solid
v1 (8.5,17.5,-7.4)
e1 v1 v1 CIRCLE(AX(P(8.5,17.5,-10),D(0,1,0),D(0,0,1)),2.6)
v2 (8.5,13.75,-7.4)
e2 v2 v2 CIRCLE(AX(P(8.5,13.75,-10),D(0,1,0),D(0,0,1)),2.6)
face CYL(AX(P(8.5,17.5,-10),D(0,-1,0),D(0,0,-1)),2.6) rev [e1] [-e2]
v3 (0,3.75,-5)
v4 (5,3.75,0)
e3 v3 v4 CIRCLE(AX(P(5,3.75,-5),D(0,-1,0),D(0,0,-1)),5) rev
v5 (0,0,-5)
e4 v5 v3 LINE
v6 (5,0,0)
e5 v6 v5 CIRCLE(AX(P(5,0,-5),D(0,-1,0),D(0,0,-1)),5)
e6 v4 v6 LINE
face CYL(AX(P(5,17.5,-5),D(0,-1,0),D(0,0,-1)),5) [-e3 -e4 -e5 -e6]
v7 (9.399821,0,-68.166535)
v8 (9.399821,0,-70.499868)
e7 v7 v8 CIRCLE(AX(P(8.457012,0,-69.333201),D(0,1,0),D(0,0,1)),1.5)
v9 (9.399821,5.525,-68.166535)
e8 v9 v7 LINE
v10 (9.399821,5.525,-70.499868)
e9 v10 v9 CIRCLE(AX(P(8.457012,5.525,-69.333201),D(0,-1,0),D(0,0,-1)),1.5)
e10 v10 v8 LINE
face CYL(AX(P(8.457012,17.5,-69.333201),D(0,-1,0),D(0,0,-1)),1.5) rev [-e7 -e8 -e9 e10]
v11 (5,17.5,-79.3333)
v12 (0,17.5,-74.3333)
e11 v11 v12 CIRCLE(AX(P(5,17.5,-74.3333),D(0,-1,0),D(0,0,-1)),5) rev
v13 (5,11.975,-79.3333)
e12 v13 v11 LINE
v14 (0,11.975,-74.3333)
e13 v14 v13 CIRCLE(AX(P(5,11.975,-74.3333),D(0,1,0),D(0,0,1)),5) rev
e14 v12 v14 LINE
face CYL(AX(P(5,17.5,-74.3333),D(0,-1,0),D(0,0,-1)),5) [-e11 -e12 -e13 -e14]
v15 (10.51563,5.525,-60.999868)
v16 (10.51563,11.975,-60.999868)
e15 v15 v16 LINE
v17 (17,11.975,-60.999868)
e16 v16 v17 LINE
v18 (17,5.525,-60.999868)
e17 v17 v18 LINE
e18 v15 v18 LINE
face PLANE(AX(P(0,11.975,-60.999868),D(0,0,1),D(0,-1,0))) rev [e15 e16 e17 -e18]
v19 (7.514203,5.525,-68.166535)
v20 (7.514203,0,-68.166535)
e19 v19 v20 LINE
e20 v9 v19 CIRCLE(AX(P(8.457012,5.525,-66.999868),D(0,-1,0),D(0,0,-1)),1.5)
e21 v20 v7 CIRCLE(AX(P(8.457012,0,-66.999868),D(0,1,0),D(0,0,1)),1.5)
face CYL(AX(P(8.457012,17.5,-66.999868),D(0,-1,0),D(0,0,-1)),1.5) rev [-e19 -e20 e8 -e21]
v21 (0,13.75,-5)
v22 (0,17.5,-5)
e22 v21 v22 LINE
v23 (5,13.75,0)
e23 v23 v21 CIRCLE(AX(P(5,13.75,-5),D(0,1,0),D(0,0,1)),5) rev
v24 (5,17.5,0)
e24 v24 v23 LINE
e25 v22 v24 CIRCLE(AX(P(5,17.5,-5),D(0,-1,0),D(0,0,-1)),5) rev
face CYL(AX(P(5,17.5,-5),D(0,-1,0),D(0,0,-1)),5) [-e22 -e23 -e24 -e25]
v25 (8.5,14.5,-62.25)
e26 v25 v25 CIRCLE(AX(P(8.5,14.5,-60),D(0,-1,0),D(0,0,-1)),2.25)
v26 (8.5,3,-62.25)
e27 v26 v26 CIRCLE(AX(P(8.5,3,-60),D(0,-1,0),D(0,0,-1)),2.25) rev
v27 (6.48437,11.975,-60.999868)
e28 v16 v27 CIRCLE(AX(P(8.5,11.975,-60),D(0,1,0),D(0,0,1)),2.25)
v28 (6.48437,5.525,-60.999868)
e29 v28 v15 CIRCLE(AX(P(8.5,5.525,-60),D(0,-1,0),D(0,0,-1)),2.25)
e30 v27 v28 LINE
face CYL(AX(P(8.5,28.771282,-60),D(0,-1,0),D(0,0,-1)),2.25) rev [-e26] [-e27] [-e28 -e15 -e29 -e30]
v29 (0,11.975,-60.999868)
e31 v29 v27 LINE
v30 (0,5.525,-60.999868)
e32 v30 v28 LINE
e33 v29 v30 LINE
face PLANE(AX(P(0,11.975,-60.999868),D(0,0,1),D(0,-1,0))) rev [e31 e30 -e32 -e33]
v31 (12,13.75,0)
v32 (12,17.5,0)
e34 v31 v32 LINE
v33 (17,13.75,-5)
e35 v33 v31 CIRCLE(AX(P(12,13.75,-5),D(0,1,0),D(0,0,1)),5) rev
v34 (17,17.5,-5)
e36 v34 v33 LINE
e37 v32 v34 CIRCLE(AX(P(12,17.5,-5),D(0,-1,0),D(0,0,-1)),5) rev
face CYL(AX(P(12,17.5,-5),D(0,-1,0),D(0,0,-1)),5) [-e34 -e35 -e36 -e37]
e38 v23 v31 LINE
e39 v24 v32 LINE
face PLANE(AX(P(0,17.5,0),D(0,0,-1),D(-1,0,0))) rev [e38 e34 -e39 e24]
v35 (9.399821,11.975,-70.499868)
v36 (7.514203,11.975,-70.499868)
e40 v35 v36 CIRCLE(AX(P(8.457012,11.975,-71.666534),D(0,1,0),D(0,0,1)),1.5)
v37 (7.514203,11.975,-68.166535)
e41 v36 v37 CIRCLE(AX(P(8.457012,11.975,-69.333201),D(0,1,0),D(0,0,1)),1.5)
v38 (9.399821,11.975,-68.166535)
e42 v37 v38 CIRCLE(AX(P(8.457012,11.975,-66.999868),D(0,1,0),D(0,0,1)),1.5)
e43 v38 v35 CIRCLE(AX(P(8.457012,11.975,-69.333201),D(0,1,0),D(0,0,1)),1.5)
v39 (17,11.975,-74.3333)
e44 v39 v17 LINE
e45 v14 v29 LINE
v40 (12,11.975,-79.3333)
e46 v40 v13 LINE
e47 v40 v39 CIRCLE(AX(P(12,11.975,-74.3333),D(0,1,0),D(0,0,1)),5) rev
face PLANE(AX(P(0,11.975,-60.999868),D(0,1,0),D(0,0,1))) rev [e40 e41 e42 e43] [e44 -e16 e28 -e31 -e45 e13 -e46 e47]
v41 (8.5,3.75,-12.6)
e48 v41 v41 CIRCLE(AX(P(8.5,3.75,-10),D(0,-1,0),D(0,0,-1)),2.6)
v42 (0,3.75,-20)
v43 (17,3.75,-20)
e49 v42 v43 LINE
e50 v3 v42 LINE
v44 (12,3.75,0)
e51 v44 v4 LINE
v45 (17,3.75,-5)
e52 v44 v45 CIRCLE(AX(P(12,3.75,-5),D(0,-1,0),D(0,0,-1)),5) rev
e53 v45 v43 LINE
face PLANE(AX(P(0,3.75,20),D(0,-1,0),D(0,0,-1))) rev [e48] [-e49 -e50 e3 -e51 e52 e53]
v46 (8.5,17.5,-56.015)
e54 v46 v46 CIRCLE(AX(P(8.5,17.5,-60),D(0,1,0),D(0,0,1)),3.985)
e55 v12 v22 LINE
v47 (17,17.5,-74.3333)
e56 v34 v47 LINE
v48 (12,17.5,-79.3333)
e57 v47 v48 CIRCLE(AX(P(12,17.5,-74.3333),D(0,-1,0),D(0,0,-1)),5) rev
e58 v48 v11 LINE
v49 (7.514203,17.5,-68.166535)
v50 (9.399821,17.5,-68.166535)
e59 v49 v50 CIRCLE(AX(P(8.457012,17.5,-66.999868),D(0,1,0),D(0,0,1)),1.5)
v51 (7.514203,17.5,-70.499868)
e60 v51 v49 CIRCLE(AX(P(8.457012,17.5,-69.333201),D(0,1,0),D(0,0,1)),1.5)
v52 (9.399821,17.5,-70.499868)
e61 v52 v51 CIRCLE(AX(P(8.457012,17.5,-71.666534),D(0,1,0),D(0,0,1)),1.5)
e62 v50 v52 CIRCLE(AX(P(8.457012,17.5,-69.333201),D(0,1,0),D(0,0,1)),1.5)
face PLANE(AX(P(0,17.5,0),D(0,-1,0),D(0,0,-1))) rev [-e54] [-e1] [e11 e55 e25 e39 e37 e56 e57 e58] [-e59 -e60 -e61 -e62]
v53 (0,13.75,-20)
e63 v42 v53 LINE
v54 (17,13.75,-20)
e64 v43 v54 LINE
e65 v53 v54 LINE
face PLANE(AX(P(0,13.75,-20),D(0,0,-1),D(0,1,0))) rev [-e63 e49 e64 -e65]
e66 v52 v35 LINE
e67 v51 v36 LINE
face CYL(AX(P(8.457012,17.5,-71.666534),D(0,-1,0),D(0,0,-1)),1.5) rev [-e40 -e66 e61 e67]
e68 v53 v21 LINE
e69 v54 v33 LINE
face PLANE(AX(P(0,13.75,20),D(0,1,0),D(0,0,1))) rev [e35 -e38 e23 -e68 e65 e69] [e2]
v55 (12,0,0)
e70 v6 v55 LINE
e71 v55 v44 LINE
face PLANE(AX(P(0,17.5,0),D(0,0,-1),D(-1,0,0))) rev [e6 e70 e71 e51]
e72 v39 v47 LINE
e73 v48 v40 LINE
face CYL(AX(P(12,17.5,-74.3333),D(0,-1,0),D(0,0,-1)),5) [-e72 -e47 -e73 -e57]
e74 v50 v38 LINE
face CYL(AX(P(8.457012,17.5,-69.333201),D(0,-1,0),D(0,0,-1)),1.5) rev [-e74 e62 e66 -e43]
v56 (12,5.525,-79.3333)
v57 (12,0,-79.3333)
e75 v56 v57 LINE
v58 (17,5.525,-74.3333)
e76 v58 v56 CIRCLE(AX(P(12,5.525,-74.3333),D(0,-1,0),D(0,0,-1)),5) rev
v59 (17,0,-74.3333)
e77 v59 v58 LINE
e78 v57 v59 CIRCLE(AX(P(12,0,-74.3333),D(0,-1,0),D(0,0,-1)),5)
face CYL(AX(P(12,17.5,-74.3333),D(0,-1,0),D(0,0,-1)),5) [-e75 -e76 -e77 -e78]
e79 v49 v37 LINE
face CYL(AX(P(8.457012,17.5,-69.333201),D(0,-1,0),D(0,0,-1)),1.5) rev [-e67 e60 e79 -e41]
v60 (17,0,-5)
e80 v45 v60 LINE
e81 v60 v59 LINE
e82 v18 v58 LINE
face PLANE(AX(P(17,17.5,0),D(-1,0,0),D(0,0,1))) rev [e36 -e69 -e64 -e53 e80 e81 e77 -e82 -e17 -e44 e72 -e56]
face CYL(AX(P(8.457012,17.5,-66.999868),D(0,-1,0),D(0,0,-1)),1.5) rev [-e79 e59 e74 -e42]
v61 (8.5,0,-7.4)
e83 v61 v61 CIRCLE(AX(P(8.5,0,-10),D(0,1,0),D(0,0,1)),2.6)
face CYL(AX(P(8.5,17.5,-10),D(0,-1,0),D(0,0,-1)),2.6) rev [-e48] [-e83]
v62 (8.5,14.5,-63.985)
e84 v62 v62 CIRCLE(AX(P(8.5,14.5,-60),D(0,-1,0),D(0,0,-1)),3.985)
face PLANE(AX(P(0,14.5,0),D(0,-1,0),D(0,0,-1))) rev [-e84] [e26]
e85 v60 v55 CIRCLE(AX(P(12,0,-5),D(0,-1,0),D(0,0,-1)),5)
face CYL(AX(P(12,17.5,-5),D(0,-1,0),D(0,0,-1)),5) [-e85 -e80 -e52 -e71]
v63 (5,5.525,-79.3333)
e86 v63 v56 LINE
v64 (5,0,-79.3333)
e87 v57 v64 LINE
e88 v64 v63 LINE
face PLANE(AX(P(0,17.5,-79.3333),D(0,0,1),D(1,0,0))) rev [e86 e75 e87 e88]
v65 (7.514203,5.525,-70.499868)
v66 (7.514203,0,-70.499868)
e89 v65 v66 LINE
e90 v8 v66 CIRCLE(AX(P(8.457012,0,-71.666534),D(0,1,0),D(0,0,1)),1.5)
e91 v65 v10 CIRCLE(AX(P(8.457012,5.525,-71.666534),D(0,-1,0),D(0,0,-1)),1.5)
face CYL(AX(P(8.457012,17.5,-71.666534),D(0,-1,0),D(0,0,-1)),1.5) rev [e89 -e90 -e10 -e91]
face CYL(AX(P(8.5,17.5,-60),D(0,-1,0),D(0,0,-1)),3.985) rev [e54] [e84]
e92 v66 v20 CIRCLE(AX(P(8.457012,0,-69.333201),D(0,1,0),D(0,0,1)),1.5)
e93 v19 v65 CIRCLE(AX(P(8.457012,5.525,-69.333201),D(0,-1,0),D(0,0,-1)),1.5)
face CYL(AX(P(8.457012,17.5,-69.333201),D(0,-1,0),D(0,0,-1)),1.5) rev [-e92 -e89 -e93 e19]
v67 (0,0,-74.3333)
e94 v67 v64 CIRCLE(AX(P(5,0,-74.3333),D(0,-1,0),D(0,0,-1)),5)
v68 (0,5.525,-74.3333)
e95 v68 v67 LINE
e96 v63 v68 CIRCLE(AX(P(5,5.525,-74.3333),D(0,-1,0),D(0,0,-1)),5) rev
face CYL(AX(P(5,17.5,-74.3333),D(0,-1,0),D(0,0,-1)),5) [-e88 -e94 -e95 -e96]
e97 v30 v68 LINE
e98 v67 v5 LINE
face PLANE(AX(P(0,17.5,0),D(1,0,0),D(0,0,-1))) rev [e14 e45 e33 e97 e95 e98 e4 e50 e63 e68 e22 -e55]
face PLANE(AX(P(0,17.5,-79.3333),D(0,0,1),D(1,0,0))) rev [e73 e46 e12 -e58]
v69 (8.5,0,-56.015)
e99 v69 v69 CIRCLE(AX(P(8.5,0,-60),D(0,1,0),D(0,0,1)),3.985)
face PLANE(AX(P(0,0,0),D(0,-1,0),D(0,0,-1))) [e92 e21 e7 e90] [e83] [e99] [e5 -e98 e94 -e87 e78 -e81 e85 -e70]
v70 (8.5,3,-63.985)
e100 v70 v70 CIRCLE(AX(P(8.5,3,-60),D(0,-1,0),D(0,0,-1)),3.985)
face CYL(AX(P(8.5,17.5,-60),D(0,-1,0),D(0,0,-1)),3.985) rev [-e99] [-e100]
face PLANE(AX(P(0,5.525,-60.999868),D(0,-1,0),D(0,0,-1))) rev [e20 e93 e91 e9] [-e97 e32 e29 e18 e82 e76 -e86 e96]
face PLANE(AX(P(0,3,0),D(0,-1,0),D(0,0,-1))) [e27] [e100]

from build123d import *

# Parameters (mm, degrees)
SKETCH1_W                = 17
SKETCH1_H                = 79.3333
SKETCH1_R                = 2.6
SKETCH1_R_2              = 3.985
BOSS_EXTRUDE1_DEPTH      = 17.5
FILLET1_R                = 5
BOSS_EXTRUDE2_DEPTH      = 5.75
BOSS_EXTRUDE2_DEPTH_BACK = 5.75
SKETCH3_R                = 3.985
SKETCH3_R_2              = 2.25
SKETCH2_W                = 40
SKETCH2_H                = 10
SKETCH2_W_2              = 36.666864
SKETCH2_H_2              = 6.45
CUT_EXTRUDE2_DEPTH       = 84.000135475


with BuildPart() as part:
    # Sketch1 → Boss-Extrude1 (new body)
    with BuildSketch(Plane(origin=(0, 0, 0), x_dir=(1, 0, 0), z_dir=(0, 1, 0))):
        with Locations((8.5, 39.66665)):
            Rectangle(SKETCH1_W, SKETCH1_H)
        with Locations(Location((8.5, 10, 0), (0, 0, 270))):
            Circle(SKETCH1_R, mode=Mode.SUBTRACT)
        with Locations(Location((8.5, 60, 0), (0, 0, 270))):
            Circle(SKETCH1_R_2, mode=Mode.SUBTRACT)
        with BuildLine():
            ThreePointArc((7.51420262, 70.4998675), (6.957011868, 69.333201), (7.51420262, 68.1665345))
            ThreePointArc((7.51420262, 68.1665345), (8.457011868, 65.499868), (9.399821116, 68.1665345))
            ThreePointArc((9.399821116, 68.1665345), (9.957011868, 69.333201), (9.399821116, 70.4998675))
            ThreePointArc((9.399821116, 70.4998675), (8.457011868, 73.166534), (7.51420262, 70.4998675))
        make_face(mode=Mode.SUBTRACT)
    extrude(amount=BOSS_EXTRUDE1_DEPTH)

    # Fillet1
    fillet1_edges = [part.edges().sort_by_distance(p)[0] for p in [
        (0, 8.75, -79.3333),
        (17, 8.75, -79.3333),
        (17, 8.75, 0),
        (0, 8.75, 0),
    ]]
    fillet(fillet1_edges, radius=FILLET1_R)

    # Sketch3 → Boss-Extrude2 (add, two sides: drawn at the far end of the back side and taken through both)
    with BuildSketch(Plane(origin=(0, 8.75, 0), x_dir=(1, 0, 0), z_dir=(0, 1, 0)).offset(-BOSS_EXTRUDE2_DEPTH_BACK)):
        with Locations(Location((8.5, 60, 0), (0, 0, 90))):
            Circle(SKETCH3_R)
        with Locations(Location((8.5, 60, 0), (0, 0, 90))):
            Circle(SKETCH3_R_2, mode=Mode.SUBTRACT)
    extrude(amount=BOSS_EXTRUDE2_DEPTH + BOSS_EXTRUDE2_DEPTH_BACK)

    # Sketch2 → Cut-Extrude2 (cut, through all)
    with BuildSketch(Plane(origin=(17, 0, 0), x_dir=(0, 0, -1), z_dir=(1, 0, 0))):
        with Locations((0, 8.75)):
            Rectangle(SKETCH2_W, SKETCH2_H)
        with Locations((79.3333, 8.75)):
            Rectangle(SKETCH2_W_2, SKETCH2_H_2)
    extrude(amount=-CUT_EXTRUDE2_DEPTH, mode=Mode.SUBTRACT)


solid = part.part
